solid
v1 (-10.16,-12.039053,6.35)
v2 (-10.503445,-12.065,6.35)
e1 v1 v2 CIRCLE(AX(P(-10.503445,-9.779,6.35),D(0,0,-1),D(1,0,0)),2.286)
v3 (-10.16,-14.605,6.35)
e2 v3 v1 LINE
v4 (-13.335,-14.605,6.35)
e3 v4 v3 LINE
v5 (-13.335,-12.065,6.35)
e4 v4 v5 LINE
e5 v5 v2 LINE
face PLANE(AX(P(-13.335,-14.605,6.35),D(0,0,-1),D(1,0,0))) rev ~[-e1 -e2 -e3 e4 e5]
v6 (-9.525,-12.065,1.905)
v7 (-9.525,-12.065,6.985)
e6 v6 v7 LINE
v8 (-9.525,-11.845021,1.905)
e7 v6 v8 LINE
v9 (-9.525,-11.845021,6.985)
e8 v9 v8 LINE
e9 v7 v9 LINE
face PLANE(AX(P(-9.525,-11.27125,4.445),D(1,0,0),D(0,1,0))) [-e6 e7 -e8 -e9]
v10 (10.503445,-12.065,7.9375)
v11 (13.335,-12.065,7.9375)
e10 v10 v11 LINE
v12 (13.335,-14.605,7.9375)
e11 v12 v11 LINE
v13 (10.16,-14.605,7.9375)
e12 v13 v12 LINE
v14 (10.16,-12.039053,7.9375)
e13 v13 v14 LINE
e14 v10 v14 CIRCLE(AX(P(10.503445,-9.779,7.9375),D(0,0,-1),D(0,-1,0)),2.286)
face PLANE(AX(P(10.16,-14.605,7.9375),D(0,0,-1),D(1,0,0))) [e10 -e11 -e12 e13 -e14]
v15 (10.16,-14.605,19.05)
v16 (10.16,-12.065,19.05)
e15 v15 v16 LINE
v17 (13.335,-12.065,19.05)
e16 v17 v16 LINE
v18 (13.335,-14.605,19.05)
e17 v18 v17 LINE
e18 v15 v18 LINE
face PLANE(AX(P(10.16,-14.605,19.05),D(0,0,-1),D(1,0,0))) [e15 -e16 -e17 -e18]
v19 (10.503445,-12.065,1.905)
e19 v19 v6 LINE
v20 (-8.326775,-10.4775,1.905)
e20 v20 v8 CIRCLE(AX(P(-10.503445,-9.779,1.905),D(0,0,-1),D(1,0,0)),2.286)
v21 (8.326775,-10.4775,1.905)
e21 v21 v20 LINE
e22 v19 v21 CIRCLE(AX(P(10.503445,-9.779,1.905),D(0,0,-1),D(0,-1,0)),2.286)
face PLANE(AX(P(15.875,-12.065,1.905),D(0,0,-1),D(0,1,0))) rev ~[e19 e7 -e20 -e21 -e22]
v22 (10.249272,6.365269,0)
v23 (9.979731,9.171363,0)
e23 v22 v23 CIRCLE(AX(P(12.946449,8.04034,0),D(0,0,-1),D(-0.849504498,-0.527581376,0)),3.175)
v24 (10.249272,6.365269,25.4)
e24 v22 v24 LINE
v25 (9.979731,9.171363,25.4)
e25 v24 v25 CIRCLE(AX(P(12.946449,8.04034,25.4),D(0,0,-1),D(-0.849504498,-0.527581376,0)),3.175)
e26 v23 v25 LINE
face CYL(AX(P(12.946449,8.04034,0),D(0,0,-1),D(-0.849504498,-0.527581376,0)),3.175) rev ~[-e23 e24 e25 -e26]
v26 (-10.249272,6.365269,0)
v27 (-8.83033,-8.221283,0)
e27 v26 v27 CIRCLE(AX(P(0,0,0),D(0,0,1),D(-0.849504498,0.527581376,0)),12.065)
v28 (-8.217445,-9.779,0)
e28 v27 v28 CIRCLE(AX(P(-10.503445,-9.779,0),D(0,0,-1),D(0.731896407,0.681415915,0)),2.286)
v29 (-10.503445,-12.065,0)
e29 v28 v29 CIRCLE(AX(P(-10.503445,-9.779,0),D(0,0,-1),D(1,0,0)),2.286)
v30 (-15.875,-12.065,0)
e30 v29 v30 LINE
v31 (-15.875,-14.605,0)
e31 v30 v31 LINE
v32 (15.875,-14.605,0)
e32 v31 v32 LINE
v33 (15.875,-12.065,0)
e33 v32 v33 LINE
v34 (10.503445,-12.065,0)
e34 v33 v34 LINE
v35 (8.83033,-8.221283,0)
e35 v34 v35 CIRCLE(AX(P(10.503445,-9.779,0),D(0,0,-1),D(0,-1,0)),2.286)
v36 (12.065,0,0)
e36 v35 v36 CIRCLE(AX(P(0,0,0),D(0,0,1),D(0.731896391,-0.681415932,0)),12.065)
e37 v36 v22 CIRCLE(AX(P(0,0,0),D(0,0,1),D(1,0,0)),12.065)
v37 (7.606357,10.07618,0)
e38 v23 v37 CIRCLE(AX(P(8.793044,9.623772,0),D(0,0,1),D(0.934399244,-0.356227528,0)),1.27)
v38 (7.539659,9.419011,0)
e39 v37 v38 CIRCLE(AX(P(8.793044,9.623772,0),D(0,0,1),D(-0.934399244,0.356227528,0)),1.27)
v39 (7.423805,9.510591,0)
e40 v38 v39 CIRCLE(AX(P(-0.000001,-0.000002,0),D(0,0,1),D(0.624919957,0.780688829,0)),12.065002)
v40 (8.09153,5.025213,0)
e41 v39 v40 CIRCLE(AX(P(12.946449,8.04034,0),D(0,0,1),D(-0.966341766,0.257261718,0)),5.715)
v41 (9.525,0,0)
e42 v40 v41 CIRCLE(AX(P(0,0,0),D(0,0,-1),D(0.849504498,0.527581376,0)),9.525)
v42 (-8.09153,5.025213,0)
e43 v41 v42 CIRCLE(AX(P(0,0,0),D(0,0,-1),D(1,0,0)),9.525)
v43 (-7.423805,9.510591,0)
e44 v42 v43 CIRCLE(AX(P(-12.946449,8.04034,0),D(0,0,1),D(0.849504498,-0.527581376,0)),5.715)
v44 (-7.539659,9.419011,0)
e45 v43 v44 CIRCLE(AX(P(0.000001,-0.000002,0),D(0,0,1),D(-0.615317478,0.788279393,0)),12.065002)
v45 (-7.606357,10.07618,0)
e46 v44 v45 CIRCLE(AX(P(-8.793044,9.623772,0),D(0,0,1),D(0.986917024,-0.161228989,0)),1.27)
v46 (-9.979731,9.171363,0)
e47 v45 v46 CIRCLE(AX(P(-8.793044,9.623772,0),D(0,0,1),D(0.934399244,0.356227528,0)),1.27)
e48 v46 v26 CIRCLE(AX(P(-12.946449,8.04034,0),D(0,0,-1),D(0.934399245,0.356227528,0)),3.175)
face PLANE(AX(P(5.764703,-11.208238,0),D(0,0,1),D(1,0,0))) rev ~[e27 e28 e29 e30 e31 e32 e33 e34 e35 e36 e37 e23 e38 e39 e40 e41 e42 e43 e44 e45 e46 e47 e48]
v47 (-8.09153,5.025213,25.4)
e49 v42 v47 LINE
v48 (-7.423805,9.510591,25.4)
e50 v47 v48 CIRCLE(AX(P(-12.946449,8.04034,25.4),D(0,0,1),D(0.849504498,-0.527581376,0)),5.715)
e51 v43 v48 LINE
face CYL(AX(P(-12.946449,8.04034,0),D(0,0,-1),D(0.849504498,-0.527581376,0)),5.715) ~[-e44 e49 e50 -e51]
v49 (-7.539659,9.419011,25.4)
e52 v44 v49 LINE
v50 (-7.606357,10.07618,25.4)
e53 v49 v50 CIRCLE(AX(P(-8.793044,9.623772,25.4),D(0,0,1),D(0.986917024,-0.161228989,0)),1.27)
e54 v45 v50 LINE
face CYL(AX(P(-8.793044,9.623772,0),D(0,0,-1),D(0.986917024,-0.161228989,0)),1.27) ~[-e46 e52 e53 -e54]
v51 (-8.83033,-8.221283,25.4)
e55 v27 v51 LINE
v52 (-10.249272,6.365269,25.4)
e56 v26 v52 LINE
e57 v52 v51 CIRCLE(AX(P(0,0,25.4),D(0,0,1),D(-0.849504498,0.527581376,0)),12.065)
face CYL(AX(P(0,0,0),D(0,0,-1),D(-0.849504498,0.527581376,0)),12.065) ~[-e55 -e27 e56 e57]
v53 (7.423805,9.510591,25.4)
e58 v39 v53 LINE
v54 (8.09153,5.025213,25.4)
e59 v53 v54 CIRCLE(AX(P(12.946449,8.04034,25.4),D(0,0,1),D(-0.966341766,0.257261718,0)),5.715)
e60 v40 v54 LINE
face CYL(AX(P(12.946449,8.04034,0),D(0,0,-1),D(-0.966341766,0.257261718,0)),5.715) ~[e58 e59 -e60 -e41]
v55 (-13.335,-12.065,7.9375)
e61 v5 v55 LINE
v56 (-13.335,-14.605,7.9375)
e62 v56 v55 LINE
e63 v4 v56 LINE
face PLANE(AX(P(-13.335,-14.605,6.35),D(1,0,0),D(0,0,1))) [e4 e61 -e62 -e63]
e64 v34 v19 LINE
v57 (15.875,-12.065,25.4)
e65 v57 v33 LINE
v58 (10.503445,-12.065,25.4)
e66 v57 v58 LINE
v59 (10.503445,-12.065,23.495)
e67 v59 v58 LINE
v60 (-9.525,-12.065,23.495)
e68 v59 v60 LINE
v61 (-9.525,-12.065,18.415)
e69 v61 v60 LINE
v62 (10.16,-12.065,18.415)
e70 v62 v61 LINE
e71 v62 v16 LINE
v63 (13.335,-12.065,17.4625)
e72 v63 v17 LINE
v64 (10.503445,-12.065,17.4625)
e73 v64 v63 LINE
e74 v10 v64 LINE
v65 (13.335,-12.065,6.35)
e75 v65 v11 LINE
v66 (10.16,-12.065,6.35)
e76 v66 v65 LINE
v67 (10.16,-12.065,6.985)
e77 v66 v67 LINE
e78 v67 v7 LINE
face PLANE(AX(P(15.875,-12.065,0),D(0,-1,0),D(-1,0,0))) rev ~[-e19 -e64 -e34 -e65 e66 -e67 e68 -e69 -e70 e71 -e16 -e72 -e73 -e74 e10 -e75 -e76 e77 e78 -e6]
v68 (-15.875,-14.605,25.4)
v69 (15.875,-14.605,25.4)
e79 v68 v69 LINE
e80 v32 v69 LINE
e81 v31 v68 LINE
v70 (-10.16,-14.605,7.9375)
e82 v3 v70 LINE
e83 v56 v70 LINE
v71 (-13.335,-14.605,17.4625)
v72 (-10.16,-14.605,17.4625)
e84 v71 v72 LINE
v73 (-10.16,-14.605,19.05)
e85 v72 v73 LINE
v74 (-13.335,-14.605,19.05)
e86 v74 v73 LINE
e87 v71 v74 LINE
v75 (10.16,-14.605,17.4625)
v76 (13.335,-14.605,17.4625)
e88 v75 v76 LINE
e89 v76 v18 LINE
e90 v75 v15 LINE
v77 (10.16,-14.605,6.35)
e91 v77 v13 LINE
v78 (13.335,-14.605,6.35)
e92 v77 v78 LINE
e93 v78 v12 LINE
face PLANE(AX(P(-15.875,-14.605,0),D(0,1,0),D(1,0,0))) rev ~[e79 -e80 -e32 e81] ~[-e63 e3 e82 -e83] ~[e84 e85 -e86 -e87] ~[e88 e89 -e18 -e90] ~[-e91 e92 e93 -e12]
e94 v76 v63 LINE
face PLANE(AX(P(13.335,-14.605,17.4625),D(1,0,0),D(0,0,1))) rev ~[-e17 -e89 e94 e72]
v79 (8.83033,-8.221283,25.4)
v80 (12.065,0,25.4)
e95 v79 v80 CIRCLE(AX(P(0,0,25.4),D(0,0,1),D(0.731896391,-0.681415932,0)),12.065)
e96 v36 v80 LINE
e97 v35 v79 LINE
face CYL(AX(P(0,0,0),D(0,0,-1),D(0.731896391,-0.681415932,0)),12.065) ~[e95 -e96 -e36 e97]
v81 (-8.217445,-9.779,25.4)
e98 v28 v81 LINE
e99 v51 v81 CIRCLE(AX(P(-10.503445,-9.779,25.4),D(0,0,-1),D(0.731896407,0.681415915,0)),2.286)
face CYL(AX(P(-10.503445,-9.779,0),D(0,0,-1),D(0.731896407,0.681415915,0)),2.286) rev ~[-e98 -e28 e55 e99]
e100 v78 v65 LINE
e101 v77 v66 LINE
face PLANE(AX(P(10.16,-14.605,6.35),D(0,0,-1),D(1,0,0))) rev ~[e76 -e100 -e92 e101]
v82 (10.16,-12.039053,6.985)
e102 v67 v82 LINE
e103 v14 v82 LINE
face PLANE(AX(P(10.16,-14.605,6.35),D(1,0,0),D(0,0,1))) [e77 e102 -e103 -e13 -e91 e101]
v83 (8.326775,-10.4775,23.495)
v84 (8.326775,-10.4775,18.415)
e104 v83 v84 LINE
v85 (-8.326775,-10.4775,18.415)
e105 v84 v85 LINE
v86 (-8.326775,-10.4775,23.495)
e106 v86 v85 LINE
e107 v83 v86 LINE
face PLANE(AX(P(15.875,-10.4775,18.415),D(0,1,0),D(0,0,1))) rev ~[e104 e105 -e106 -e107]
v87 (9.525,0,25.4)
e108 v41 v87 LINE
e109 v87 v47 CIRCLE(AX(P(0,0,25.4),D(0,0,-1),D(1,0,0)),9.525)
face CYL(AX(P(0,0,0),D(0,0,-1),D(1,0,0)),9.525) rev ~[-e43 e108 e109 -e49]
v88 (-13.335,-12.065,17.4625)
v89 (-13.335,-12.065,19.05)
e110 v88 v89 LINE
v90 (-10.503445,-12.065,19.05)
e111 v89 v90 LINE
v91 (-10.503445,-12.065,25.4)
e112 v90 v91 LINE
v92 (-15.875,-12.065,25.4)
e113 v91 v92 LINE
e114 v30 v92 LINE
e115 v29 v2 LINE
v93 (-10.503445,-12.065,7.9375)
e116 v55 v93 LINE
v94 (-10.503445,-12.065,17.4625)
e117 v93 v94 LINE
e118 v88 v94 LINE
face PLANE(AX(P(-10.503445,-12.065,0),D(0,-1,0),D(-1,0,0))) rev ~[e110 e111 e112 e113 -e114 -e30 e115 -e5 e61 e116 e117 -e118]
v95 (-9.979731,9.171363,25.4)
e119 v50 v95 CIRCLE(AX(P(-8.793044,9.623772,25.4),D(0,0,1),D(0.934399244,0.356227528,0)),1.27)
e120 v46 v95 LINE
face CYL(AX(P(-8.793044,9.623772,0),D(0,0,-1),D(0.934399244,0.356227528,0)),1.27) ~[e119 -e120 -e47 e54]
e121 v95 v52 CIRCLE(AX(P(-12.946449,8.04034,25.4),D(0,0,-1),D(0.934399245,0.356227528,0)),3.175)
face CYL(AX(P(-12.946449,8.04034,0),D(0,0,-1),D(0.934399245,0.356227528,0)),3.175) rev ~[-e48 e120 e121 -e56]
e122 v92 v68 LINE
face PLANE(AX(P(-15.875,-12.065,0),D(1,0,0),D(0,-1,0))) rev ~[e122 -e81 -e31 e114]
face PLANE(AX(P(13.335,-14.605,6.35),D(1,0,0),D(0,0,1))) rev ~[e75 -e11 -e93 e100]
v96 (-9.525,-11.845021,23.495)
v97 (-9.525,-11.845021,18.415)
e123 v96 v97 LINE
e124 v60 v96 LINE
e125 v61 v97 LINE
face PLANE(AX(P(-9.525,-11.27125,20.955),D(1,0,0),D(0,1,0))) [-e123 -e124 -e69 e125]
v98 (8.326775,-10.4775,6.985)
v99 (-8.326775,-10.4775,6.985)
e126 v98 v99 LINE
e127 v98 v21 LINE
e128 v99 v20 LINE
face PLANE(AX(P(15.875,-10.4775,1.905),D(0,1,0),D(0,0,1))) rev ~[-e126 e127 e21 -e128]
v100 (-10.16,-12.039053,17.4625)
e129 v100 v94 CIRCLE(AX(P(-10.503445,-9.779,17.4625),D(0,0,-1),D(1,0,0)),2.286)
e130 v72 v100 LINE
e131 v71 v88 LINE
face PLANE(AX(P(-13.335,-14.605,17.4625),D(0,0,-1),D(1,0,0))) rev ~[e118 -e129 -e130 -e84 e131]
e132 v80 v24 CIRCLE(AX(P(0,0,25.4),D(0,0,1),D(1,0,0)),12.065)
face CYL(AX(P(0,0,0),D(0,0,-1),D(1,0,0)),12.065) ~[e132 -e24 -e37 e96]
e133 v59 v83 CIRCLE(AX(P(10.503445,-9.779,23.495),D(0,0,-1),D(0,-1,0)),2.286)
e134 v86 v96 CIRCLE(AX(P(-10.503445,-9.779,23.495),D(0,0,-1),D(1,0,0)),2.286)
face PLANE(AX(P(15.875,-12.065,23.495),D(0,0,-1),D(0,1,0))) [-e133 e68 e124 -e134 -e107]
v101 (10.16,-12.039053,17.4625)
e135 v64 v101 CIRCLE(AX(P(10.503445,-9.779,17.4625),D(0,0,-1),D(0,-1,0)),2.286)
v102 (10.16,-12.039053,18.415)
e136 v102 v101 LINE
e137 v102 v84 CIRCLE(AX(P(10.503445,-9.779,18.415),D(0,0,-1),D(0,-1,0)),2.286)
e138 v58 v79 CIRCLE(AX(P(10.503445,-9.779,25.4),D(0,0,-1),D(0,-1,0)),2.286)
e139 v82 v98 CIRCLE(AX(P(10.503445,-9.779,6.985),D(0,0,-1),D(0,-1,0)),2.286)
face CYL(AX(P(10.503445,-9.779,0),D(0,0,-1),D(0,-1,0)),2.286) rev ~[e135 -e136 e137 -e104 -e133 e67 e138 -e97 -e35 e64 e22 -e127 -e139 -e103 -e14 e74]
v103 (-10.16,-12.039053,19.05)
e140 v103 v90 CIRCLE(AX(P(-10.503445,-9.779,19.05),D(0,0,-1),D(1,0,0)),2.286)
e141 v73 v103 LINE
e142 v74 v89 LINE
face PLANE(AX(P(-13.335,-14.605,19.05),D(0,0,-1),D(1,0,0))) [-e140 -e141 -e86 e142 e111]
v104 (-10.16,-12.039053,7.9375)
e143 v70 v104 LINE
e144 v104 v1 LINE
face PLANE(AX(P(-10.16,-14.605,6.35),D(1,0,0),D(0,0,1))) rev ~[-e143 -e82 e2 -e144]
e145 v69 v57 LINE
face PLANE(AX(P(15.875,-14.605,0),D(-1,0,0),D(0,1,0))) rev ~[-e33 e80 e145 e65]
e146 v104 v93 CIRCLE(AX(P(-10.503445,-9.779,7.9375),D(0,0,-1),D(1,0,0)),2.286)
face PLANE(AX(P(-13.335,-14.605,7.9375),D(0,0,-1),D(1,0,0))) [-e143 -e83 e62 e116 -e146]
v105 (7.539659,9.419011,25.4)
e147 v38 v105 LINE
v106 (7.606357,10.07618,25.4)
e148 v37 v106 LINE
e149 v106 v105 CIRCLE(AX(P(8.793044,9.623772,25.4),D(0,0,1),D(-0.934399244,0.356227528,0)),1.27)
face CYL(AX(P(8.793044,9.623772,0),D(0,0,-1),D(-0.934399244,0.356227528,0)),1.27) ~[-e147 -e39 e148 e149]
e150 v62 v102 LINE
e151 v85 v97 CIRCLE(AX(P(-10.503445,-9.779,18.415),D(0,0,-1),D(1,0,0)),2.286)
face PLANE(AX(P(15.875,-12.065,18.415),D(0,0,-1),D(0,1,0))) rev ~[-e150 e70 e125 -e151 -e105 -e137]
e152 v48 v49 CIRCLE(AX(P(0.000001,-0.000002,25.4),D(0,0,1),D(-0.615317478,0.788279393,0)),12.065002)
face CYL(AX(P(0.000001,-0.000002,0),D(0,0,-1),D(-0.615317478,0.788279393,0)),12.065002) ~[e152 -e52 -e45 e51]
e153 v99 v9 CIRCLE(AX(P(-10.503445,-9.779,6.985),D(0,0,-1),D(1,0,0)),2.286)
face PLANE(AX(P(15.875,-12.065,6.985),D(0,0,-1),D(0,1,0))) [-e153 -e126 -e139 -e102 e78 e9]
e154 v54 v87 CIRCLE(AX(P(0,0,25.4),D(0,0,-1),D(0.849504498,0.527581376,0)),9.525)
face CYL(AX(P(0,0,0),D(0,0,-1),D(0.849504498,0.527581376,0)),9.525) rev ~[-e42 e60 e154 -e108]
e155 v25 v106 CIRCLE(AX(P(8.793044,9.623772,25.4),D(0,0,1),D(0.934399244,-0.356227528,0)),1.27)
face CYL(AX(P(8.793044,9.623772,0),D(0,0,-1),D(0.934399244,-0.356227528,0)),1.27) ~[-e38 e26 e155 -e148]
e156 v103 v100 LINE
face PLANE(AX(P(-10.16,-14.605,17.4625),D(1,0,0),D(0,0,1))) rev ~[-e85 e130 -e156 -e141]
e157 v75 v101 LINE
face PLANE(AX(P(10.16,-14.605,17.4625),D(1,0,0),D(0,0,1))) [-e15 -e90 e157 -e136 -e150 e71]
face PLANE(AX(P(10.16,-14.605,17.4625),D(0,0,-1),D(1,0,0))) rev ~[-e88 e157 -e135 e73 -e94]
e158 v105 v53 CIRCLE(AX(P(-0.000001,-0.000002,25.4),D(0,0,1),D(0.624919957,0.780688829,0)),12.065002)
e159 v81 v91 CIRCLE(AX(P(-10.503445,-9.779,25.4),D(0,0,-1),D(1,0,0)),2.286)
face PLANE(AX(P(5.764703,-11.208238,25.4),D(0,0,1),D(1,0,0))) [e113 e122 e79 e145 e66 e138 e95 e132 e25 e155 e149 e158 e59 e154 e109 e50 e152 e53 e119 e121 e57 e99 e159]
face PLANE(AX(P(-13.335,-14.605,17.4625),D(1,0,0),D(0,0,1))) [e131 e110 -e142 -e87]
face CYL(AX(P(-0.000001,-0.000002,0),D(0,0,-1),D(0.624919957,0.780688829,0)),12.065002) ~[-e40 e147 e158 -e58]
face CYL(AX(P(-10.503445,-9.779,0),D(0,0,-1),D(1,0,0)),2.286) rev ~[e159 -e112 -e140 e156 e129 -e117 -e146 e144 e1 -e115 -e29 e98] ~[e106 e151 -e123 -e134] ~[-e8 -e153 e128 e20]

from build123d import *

# Parameters (mm, degrees)
F1_DEPTH = 25.4
F2_W     = 3.175
F2_H     = 1.5875
F3_DEPTH = 2.566946587
F4_W     = 1.5875
F4_H     = 5.08
F5_DEPTH = 25.4


with BuildPart() as f1:
    # F0 (on Top) → F1 (new body)
    with BuildSketch(Plane.XY):
        with BuildLine():
            ThreePointArc((10.5034451491, -12.065), (8.4074088227, -10.6913747686), (8.8303299626, -8.2212832181))
            ThreePointArc((8.8303299626, -8.2212832181), (4.8153111516, -11.0624140003), (0, -12.065))
            Line((0, -12.065), (10.5034451491, -12.065))
        make_face()
        Polygon((10.5034451491, -12.065), (0, -12.065), (-10.5034451491, -12.065), (-15.875, -12.065), (-15.875, -14.605), (0, -14.605), (15.875, -14.605), (15.875, -12.065), align=None)
        with BuildLine():
            ThreePointArc((0, -12.065), (-4.8153111516, -11.0624140003), (-8.8303299626, -8.2212832181))
            ThreePointArc((-8.8303299626, -8.2212832181), (-8.3761772632, -8.9420248858), (-8.2174451491, -9.779))
            ThreePointArc((-8.2174451491, -9.779), (-8.8869990473, -11.3954461018), (-10.5034451491, -12.065))
            Line((-10.5034451491, -12.065), (0, -12.065))
        make_face()
        with BuildLine():
            ThreePointArc((8.0915303411, 5.0252126064), (9.1596247603, 2.6128335673), (9.525, 0))
            ThreePointArc((9.525, 0), (-2.6128335673, -9.1596247603), (-8.0915303411, 5.0252126064))
            ThreePointArc((-8.0915303411, 5.0252126064), (-7.2937412546, 7.1988383693), (-7.4238053541, 9.5105908894))
            ThreePointArc((-7.4238053541, 9.5105908894), (-7.4818724406, 9.4649780656), (-7.539659283, 9.4190107175))
            ThreePointArc((-7.539659283, 9.4190107175), (-9.0245693038, 8.0075822743), (-10.2492717654, 6.3652693014))
            ThreePointArc((-10.2492717654, 6.3652693014), (-12.0083170813, -1.1681377807), (-8.8303299626, -8.2212832181))
            ThreePointArc((-8.8303299626, -8.2212832181), (-4.8153111516, -11.0624140003), (0, -12.065))
            ThreePointArc((0, -12.065), (4.8153111516, -11.0624140003), (8.8303299626, -8.2212832181))
            ThreePointArc((8.8303299626, -8.2212832181), (11.2272471247, -4.4173687871), (12.065, 0))
            ThreePointArc((12.065, 0), (11.602191363, 3.3095891853), (10.2492717654, 6.3652693014))
            ThreePointArc((10.2492717654, 6.3652693014), (9.0245693038, 8.0075822743), (7.539659283, 9.4190107175))
            ThreePointArc((7.539659283, 9.4190107175), (7.4818724406, 9.4649780656), (7.4238053541, 9.5105908894))
            ThreePointArc((7.4238053541, 9.5105908894), (7.2937412546, 7.1988383693), (8.0915303411, 5.0252126064))
        make_face()
        with BuildLine():
            ThreePointArc((7.6063568635, 10.0761804943), (7.5295347203, 9.7520078104), (7.539659283, 9.4190107175))
            ThreePointArc((7.539659283, 9.4190107175), (9.0245693038, 8.0075822743), (10.2492717654, 6.3652693014))
            ThreePointArc((10.2492717654, 6.3652693014), (9.7859952946, 7.736761108), (9.9797309445, 9.1713625725))
            ThreePointArc((9.9797309445, 9.1713625725), (9.2454528649, 10.8104585739), (7.6063568635, 10.0761804943))
        make_face()
        with BuildLine():
            ThreePointArc((-10.2492717654, 6.3652693014), (-9.0245693038, 8.0075822743), (-7.539659283, 9.4190107175))
            ThreePointArc((-7.539659283, 9.4190107175), (-7.5295347203, 9.7520078104), (-7.6063568635, 10.0761804943))
            ThreePointArc((-7.6063568635, 10.0761804943), (-9.2454528649, 10.8104585739), (-9.9797309445, 9.1713625725))
            ThreePointArc((-9.9797309445, 9.1713625725), (-9.7859952946, 7.736761108), (-10.2492717654, 6.3652693014))
        make_face()
    extrude(amount=F1_DEPTH)

    # F2 (on face) → F3 (cut, through all)
    with BuildSketch(Plane.XZ.offset(14.605)):
        with Locations((-11.7475, 18.25625)):
            Rectangle(F2_W, F2_H)
        with Locations((11.7475, 18.25625)):
            Rectangle(F2_W, F2_H)
        with Locations((11.7475, 7.14375)):
            Rectangle(F2_W, F2_H)
        with Locations((-11.7475, 7.14375)):
            Rectangle(F2_W, F2_H)
    extrude(amount=-F3_DEPTH, mode=Mode.SUBTRACT)

    # F4 (on face) → F5 (cut)
    with BuildSketch(Plane.YZ.offset(15.875)):
        with Locations((-11.27125, 4.445)):
            Rectangle(F4_W, F4_H)
        with Locations((-11.27125, 20.955)):
            Rectangle(F4_W, F4_H)
    extrude(amount=-F5_DEPTH, mode=Mode.SUBTRACT)


solid = f1.part
